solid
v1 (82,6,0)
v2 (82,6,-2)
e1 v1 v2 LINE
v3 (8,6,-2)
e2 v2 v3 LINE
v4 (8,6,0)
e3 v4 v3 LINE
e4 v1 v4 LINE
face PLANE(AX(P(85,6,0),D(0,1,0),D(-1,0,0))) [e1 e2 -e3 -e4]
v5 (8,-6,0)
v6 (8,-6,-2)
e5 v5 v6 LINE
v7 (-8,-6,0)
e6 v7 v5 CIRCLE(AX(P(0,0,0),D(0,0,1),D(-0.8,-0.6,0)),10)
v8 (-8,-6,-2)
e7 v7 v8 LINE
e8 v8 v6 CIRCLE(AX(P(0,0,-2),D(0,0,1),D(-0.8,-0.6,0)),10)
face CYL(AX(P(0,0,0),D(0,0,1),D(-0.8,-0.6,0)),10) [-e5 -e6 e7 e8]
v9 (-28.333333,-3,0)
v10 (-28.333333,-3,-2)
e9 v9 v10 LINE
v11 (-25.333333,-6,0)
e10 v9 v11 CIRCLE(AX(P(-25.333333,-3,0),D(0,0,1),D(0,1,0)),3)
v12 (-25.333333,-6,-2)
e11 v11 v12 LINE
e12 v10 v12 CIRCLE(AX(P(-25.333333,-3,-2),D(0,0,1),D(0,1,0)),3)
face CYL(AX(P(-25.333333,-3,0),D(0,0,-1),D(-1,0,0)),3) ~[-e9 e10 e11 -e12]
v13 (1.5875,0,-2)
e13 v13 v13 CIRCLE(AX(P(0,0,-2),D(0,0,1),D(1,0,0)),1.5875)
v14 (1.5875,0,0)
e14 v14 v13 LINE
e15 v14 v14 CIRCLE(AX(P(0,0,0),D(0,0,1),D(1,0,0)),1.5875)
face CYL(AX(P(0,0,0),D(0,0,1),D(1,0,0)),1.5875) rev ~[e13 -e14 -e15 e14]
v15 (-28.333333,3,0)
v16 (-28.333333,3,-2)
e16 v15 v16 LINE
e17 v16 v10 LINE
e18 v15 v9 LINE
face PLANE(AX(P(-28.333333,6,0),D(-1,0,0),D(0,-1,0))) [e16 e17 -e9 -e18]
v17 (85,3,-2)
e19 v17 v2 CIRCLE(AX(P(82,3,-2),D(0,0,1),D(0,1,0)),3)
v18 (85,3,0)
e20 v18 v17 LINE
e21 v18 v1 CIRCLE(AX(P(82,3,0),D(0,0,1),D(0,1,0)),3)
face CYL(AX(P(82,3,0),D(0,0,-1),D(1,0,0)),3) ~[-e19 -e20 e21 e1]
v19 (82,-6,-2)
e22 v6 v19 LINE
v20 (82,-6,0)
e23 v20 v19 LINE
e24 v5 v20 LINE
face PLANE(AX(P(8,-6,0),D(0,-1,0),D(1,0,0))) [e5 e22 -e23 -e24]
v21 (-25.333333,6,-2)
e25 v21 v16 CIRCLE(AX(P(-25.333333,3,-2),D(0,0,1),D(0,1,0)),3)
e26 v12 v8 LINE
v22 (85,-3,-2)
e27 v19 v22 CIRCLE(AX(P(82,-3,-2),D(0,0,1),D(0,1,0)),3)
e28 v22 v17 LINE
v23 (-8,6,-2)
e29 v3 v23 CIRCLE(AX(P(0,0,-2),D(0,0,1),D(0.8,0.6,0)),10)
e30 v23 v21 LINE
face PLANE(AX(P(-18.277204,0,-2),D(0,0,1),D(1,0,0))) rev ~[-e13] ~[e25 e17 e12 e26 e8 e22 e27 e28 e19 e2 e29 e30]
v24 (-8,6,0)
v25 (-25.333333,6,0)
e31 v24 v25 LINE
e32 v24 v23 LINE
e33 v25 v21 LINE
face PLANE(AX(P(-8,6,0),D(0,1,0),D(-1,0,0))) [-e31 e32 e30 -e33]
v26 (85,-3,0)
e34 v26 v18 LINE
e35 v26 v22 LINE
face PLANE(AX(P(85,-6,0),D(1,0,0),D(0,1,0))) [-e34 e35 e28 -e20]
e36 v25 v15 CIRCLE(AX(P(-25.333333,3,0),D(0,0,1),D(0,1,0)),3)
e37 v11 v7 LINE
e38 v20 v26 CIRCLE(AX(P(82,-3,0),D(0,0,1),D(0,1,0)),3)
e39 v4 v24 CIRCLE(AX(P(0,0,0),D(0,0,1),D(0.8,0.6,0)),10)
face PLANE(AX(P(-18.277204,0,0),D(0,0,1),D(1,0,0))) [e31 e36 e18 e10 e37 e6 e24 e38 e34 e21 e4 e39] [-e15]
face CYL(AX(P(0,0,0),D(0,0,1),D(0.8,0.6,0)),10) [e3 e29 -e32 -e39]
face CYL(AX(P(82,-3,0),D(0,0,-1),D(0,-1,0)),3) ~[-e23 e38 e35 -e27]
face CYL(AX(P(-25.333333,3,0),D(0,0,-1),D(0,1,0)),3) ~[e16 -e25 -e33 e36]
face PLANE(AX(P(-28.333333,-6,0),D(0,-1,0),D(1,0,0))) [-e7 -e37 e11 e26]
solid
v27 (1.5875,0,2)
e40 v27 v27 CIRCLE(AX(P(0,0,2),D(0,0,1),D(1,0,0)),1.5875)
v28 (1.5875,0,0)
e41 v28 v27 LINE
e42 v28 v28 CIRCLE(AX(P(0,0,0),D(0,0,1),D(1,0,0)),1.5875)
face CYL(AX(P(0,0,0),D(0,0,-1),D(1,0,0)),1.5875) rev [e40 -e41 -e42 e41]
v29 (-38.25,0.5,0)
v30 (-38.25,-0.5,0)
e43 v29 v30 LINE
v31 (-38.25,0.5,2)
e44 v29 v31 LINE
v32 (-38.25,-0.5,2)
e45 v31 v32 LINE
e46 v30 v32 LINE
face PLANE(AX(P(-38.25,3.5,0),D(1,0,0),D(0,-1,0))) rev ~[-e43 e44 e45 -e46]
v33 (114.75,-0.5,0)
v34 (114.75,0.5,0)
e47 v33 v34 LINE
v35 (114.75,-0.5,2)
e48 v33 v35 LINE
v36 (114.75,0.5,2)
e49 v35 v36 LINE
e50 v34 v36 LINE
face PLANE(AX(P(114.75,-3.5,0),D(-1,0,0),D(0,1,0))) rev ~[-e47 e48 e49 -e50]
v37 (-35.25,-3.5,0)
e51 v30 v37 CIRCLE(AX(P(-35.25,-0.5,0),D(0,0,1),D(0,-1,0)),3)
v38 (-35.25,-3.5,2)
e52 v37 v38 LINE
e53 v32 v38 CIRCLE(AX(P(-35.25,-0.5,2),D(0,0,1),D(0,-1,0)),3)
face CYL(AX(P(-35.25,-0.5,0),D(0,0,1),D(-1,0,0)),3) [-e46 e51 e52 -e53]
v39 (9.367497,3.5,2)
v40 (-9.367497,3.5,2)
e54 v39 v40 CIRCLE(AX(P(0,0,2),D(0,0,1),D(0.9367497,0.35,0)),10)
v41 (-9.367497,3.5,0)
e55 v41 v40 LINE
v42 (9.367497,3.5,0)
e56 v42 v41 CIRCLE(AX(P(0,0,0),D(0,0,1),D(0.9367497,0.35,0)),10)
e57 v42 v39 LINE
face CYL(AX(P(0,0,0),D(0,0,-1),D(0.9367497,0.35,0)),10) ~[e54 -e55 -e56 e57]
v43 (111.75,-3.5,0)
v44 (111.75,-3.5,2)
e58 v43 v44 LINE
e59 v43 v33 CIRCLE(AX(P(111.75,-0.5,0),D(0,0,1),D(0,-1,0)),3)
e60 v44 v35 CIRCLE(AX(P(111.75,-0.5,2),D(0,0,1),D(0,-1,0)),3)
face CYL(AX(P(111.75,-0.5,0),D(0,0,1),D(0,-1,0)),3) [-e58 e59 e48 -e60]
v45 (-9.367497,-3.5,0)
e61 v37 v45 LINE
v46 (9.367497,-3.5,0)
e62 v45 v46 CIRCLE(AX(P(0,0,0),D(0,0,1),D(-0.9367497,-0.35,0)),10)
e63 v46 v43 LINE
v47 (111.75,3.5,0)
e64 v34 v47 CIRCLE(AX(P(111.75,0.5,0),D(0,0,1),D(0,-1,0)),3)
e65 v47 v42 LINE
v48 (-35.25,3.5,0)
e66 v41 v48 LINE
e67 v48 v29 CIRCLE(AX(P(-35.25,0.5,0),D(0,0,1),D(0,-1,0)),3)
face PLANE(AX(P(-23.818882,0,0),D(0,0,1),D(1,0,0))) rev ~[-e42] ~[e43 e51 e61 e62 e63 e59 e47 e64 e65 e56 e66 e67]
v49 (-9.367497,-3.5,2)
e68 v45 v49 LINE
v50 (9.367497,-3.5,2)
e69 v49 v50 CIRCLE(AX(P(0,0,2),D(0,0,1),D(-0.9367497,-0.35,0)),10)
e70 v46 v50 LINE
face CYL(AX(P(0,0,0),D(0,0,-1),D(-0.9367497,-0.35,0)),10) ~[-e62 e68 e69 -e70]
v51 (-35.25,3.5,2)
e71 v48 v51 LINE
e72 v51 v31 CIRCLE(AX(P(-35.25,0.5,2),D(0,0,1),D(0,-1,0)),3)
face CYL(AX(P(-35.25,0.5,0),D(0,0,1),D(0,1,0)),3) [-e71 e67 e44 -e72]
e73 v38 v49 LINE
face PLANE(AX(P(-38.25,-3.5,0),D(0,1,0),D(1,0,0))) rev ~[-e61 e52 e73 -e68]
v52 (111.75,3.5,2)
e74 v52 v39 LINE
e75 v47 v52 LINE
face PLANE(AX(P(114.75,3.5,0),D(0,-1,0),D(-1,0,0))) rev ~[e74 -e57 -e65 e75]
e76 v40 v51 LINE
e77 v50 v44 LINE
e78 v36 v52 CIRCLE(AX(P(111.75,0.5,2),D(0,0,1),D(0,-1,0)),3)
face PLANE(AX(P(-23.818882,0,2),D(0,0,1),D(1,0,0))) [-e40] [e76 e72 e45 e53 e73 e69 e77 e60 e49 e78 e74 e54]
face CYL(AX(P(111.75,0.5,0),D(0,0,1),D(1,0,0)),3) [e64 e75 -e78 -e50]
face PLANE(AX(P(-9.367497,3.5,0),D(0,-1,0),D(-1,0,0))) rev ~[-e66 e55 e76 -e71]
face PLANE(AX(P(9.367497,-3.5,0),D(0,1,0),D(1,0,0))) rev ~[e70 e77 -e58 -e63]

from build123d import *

# Parameters (mm, degrees)
F0_R     = 1.5875
F1_DEPTH = 2
F2_R     = 1.5875
F3_DEPTH = 2
F4_R     = 3
F4_2_R   = 3


with BuildPart() as f1:
    # F0 (on Top) → F1 (new body)
    with BuildSketch(Plane.XY):
        with BuildLine():
            Line((-9.3674969976, 3.5), (-38.25, 3.5))
            Line((-38.25, 3.5), (-38.25, -3.5))
            Line((-38.25, -3.5), (-9.3674969976, -3.5))
            ThreePointArc((-9.3674969976, -3.5), (-10, 0), (-9.3674969976, 3.5))
        make_face()
        with BuildLine():
            ThreePointArc((9.3674969976, 3.5), (0, 10), (-9.3674969976, 3.5))
            Line((-9.3674969976, 3.5), (9.3674969976, 3.5))
        make_face()
        with BuildLine():
            Line((9.3674969976, 3.5), (-9.3674969976, 3.5))
            ThreePointArc((-9.3674969976, 3.5), (-10, 0), (-9.3674969976, -3.5))
            Line((-9.3674969976, -3.5), (9.3674969976, -3.5))
            ThreePointArc((9.3674969976, -3.5), (9.8406038935, -1.7783461452), (10, 0))
            ThreePointArc((10, 0), (9.8406038935, 1.7783461452), (9.3674969976, 3.5))
        make_face()
        Circle(F0_R, mode=Mode.SUBTRACT)
        with BuildLine():
            Line((114.75, 3.5), (9.3674969976, 3.5))
            ThreePointArc((9.3674969976, 3.5), (9.8406038935, 1.7783461452), (10, 0))
            ThreePointArc((10, 0), (9.8406038935, -1.7783461452), (9.3674969976, -3.5))
            Line((9.3674969976, -3.5), (114.75, -3.5))
            Line((114.75, -3.5), (114.75, 3.5))
        make_face()
        with BuildLine():
            Line((9.3674969976, -3.5), (-9.3674969976, -3.5))
            ThreePointArc((-9.3674969976, -3.5), (0, -10), (9.3674969976, -3.5))
        make_face()
    extrude(amount=F1_DEPTH)

    # F4
    f4_edges = [f1.edges().sort_by_distance(p)[0] for p in [
        (-38.25, 3.5, 1),
        (-38.25, -3.5, 1),
        (114.75, -3.5, 1),
        (114.75, 3.5, 1),
    ]]
    fillet(f4_edges, radius=F4_R)


with BuildPart() as f3:
    # F2 (on Top) → F3 (new body)
    with BuildSketch(Plane.XY):
        with BuildLine():
            Line((-8, 6), (-28.3333333333, 6))
            Line((-28.3333333333, 6), (-28.3333333333, -6))
            Line((-28.3333333333, -6), (-8, -6))
            ThreePointArc((-8, -6), (-10, 0), (-8, 6))
        make_face()
        with BuildLine():
            ThreePointArc((8, 6), (0, 10), (-8, 6))
            Line((-8, 6), (8, 6))
        make_face()
        with BuildLine():
            Line((8, 6), (-8, 6))
            ThreePointArc((-8, 6), (-10, 0), (-8, -6))
            Line((-8, -6), (8, -6))
            ThreePointArc((8, -6), (9.4868329805, -3.1622776602), (10, 0))
            ThreePointArc((10, 0), (9.4868329805, 3.1622776602), (8, 6))
        make_face()
        Circle(F2_R, mode=Mode.SUBTRACT)
        with BuildLine():
            Line((85, 6), (8, 6))
            ThreePointArc((8, 6), (9.4868329805, 3.1622776602), (10, 0))
            ThreePointArc((10, 0), (9.4868329805, -3.1622776602), (8, -6))
            Line((8, -6), (85, -6))
            Line((85, -6), (85, 6))
        make_face()
        with BuildLine():
            Line((8, -6), (-8, -6))
            ThreePointArc((-8, -6), (0, -10), (8, -6))
        make_face()
    extrude(amount=-F3_DEPTH)

    # F4#2
    f4_2_edges = [f3.edges().sort_by_distance(p)[0] for p in [
        (-28.333333, 6, -1),
        (-28.333333, -6, -1),
        (85, -6, -1),
        (85, 6, -1),
    ]]
    fillet(f4_2_edges, radius=F4_2_R)


solid = Compound([f1.part, f3.part])
